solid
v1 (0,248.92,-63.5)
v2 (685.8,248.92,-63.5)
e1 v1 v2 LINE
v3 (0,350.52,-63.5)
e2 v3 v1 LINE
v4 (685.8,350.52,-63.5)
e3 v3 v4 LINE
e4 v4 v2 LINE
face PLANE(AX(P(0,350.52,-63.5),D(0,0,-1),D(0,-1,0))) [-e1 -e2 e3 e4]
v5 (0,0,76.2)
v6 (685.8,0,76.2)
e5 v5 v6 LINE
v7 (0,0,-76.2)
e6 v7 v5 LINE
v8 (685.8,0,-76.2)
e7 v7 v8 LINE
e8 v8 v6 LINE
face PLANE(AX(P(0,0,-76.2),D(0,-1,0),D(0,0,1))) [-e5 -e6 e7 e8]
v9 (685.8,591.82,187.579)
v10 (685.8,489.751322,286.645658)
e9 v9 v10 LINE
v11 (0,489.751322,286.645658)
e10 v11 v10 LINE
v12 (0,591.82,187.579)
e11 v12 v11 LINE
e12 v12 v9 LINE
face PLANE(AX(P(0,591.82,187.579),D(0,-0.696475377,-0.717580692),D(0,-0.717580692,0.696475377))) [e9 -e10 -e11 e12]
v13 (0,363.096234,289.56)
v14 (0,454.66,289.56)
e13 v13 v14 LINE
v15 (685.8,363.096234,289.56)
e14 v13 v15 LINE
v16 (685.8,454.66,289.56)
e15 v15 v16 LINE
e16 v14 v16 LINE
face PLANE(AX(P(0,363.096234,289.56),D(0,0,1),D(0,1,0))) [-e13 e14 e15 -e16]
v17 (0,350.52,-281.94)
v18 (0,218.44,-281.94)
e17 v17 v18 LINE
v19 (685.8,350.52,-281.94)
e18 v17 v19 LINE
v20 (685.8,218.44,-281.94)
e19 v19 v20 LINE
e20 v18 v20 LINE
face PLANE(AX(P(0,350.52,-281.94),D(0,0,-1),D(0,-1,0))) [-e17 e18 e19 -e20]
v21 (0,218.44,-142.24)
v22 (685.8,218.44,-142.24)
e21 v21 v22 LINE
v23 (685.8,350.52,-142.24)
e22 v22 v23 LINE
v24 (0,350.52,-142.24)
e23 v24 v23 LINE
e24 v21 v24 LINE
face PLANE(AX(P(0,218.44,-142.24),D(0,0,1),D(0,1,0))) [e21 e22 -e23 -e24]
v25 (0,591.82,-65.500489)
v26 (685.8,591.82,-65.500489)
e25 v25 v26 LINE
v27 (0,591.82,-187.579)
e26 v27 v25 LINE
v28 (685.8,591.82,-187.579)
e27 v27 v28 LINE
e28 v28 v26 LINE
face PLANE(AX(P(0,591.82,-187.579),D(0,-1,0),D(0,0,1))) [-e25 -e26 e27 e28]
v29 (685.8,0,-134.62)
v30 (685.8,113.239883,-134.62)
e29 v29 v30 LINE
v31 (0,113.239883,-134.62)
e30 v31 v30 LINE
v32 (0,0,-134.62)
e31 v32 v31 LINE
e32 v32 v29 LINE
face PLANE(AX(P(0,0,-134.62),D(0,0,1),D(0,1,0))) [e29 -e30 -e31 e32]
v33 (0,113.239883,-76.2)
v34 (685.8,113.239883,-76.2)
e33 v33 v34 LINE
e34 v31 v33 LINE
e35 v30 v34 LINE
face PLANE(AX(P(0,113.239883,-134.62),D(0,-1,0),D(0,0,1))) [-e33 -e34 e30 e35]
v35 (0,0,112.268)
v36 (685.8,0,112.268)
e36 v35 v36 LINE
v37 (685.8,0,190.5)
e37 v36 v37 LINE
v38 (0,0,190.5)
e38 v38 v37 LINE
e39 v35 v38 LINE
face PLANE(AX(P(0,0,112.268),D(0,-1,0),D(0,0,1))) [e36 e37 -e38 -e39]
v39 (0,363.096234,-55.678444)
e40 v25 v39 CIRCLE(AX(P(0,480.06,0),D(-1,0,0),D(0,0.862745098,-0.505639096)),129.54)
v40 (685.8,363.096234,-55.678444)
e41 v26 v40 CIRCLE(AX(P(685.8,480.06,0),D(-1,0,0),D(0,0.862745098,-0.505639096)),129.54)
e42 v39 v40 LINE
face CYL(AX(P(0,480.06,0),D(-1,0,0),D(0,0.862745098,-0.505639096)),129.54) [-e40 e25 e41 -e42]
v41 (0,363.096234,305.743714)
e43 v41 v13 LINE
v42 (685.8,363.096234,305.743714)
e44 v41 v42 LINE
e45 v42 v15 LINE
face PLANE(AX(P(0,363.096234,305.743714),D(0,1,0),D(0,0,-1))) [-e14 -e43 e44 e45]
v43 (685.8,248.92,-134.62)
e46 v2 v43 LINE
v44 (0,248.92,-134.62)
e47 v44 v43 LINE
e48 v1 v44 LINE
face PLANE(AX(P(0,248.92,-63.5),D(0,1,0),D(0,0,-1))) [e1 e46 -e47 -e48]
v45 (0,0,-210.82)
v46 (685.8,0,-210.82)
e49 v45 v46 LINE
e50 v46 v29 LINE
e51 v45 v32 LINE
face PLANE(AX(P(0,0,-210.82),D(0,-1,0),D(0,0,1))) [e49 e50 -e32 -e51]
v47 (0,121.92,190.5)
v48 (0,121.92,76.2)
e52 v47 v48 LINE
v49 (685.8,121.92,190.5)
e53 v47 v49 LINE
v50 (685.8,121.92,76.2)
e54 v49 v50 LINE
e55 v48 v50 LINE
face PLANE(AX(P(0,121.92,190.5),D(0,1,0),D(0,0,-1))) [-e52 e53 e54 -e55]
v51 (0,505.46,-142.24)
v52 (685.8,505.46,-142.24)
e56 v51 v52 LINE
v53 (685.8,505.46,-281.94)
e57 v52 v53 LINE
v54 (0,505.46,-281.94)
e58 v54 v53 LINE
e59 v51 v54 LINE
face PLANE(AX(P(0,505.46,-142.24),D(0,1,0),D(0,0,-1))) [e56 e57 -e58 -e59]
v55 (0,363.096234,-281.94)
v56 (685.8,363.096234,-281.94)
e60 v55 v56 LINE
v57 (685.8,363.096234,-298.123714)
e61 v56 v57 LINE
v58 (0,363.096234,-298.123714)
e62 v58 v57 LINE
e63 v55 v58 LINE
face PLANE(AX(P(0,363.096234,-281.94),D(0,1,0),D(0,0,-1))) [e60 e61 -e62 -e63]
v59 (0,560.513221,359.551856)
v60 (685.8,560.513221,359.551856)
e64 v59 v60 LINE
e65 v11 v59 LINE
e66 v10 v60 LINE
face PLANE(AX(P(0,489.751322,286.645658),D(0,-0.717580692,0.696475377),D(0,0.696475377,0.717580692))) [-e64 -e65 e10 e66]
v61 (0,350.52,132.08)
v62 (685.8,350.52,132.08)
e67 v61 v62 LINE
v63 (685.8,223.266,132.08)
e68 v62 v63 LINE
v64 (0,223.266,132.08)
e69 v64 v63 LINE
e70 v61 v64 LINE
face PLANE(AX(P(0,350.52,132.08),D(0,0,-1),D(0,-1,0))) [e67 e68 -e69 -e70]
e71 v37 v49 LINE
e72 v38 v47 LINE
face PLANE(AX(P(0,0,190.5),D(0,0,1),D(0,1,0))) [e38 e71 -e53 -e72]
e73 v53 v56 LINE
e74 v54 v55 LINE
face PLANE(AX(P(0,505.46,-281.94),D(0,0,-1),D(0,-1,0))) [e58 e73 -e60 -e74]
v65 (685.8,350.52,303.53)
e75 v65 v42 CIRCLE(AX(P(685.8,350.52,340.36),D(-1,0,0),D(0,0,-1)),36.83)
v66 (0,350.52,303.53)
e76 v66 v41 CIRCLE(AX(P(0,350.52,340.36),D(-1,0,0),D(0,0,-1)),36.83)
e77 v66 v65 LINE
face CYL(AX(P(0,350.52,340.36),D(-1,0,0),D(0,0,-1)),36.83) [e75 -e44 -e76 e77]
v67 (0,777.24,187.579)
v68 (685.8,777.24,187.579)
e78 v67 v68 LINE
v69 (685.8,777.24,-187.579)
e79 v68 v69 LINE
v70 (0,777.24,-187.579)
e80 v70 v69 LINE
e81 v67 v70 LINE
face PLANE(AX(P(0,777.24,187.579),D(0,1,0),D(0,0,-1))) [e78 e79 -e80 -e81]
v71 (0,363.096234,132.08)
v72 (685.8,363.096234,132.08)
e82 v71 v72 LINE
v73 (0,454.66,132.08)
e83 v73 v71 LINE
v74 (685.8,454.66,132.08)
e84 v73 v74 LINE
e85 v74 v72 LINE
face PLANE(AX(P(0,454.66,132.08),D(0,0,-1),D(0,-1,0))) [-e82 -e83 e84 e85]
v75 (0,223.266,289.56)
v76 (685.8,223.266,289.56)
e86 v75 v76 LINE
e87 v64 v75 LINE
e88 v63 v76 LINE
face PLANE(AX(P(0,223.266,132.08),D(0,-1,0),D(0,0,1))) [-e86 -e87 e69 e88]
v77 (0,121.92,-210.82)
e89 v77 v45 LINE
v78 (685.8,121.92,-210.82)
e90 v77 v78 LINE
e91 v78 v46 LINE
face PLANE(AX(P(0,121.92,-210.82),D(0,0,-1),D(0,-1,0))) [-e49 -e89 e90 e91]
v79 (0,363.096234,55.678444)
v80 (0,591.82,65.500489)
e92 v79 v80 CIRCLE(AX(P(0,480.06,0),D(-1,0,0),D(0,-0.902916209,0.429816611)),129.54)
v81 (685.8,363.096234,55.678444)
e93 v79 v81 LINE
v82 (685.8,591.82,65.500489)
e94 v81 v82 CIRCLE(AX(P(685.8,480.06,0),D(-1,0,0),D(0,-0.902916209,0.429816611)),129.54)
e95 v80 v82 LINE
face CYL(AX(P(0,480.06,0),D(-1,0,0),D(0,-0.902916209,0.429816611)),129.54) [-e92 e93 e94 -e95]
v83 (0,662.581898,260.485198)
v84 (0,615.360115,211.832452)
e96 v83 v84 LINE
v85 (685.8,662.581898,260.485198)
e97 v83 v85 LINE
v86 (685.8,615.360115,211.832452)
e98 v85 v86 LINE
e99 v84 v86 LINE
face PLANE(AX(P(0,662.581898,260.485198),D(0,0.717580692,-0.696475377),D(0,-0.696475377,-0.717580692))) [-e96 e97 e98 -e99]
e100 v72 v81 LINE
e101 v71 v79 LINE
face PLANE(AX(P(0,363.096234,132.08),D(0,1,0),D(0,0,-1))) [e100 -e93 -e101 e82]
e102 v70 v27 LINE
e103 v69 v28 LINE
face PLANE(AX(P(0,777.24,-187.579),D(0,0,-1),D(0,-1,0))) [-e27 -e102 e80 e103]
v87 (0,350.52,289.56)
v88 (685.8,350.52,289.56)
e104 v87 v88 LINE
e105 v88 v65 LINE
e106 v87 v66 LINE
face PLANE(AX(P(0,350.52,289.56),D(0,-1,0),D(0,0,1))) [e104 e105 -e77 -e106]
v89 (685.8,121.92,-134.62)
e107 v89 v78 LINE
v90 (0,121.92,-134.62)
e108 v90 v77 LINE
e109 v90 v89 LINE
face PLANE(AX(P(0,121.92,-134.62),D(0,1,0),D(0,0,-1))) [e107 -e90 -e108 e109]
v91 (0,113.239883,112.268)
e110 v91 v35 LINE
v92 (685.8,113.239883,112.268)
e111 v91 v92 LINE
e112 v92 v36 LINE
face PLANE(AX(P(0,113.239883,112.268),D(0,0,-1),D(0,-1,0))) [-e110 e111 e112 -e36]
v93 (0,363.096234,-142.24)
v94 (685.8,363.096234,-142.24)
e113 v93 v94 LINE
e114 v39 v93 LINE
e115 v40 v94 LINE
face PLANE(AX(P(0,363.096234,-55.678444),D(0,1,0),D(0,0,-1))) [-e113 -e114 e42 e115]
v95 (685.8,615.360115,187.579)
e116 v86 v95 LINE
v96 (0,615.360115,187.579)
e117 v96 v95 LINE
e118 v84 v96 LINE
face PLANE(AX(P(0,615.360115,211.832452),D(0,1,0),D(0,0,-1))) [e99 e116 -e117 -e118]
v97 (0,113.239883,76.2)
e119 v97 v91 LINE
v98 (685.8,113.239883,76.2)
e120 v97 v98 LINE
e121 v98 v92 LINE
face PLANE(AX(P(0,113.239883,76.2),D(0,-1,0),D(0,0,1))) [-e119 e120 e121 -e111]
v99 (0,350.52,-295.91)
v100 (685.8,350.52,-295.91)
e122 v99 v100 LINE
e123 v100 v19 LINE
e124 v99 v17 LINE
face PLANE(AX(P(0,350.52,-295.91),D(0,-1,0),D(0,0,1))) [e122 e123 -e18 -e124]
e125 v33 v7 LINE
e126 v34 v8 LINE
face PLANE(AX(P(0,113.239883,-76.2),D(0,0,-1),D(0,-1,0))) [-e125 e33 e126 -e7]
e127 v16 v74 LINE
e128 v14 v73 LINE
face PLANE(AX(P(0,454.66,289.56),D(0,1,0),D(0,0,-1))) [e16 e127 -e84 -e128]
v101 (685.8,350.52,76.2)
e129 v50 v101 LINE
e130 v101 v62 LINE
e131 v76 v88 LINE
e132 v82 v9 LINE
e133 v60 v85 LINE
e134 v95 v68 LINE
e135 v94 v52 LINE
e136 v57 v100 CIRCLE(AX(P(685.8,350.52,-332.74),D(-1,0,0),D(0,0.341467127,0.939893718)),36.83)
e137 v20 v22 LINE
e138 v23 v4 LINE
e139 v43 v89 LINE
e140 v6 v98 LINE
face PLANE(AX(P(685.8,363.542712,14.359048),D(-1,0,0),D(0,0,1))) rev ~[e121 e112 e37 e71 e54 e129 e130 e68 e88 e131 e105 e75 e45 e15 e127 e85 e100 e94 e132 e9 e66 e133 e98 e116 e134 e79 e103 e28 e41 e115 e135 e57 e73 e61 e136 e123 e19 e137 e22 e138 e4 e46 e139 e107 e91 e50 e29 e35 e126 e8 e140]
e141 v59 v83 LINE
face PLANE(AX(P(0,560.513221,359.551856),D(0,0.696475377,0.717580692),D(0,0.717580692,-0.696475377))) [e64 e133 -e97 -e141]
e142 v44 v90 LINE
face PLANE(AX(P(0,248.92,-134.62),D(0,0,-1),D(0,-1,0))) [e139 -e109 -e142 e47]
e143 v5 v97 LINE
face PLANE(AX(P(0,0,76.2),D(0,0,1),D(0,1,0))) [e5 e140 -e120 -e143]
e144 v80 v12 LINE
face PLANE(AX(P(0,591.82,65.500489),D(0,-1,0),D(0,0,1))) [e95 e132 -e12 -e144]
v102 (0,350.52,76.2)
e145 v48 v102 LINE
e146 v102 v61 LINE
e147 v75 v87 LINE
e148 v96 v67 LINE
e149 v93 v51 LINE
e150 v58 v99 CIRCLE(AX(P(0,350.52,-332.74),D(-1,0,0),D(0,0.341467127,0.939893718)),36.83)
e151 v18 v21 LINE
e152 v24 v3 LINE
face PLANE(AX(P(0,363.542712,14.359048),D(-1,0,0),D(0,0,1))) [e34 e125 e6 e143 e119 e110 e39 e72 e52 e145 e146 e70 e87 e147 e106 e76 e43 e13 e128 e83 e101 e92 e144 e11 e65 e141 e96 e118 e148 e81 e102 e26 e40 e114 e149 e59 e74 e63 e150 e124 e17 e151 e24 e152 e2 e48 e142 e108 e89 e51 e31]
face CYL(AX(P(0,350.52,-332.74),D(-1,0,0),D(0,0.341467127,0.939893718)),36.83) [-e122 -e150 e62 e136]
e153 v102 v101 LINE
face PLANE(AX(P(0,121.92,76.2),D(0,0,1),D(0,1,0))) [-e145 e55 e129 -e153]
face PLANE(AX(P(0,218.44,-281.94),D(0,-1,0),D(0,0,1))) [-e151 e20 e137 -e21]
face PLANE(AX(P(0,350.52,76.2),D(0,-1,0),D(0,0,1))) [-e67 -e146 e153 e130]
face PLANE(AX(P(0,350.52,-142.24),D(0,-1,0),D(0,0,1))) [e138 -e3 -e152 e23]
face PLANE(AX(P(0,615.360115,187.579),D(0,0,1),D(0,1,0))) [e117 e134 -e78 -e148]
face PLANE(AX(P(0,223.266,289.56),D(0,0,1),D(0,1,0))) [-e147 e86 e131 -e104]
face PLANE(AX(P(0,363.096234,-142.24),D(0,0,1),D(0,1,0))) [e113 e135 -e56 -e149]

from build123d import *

# Parameters (mm, degrees)
BOSS_EXTRUDE1_DEPTH = 685.8


with BuildPart() as part:
    # Sketch1 → Boss-Extrude1 (new body)
    with BuildSketch(Plane(origin=(0, 0, 0), x_dir=(0, 0, -1), z_dir=(1, 0, 0))):
        with BuildLine():
            Line((-112.268, 0), (-190.5, 0))
            Line((-190.5, 0), (-190.5, 121.92))
            Line((-190.5, 121.92), (-112.268, 121.92))
            Line((-112.268, 121.92), (-76.2, 121.92))
            Line((-76.2, 121.92), (-76.2, 248.92))
            Line((-76.2, 248.92), (-76.2, 350.52))
            Line((-76.2, 350.52), (-132.08, 350.52))
            Line((-132.08, 350.52), (-132.08, 223.266))
            Line((-132.08, 223.266), (-289.56, 223.266))
            Line((-289.56, 223.266), (-289.56, 350.52))
            Line((-289.56, 350.52), (-303.53, 350.52))
            ThreePointArc((-303.53, 350.52), (-376.632349663, 344.135209485), (-305.743714359, 363.096234269))
            Line((-305.743714359, 363.096234269), (-289.56, 363.096234269))
            Line((-289.56, 363.096234269), (-289.56, 454.66))
            Line((-289.56, 454.66), (-132.08, 454.66))
            Line((-132.08, 454.66), (-132.08, 363.096234269))
            Line((-132.08, 363.096234269), (-55.678443819, 363.096234269))
            ThreePointArc((-55.678443819, 363.096234269), (-129.420723475, 474.502308473), (-65.500488548, 591.82))
            Line((-65.500488548, 591.82), (-187.579, 591.82))
            Line((-187.579, 591.82), (-286.645657648, 489.751322423))
            Line((-286.645657648, 489.751322423), (-359.551855918, 560.513220743))
            Line((-359.551855918, 560.513220743), (-260.485198269, 662.58189832))
            Line((-260.485198269, 662.58189832), (-211.832451768, 615.360114952))
            Line((-211.832451768, 615.360114952), (-187.579, 615.360114952))
            Line((-187.579, 615.360114952), (-187.579, 777.24))
            Line((-187.579, 777.24), (187.579, 777.24))
            Line((187.579, 777.24), (187.579, 591.82))
            Line((187.579, 591.82), (65.500488548, 591.82))
            ThreePointArc((65.500488548, 591.82), (129.420723475, 474.502308473), (55.678443819, 363.096234269))
            Line((55.678443819, 363.096234269), (142.24, 363.096234269))
            Line((142.24, 363.096234269), (142.24, 505.46))
            Line((142.24, 505.46), (281.94, 505.46))
            Line((281.94, 505.46), (281.94, 363.096234269))
            Line((281.94, 363.096234269), (298.123714359, 363.096234269))
            ThreePointArc((298.123714359, 363.096234269), (369.012349663, 344.135209485), (295.91, 350.52))
            Line((295.91, 350.52), (281.94, 350.52))
            Line((281.94, 350.52), (281.94, 218.44))
            Line((281.94, 218.44), (142.24, 218.44))
            Line((142.24, 218.44), (142.24, 350.52))
            Line((142.24, 350.52), (63.5, 350.52))
            Line((63.5, 350.52), (63.5, 248.92))
            Line((63.5, 248.92), (134.62, 248.92))
            Line((134.62, 248.92), (134.62, 121.92))
            Line((134.62, 121.92), (210.82, 121.92))
            Line((210.82, 121.92), (210.82, 0))
            Line((210.82, 0), (134.62, 0))
            Line((134.62, 0), (134.62, 113.239883031))
            Line((134.62, 113.239883031), (76.2, 113.239883031))
            Line((76.2, 113.239883031), (76.2, 0))
            Line((76.2, 0), (-76.2, 0))
            Line((-76.2, 0), (-76.2, 113.239883031))
            Line((-76.2, 113.239883031), (-112.268, 113.239883031))
            Line((-112.268, 113.239883031), (-112.268, 0))
        make_face()
    extrude(amount=BOSS_EXTRUDE1_DEPTH)


solid = part.part
